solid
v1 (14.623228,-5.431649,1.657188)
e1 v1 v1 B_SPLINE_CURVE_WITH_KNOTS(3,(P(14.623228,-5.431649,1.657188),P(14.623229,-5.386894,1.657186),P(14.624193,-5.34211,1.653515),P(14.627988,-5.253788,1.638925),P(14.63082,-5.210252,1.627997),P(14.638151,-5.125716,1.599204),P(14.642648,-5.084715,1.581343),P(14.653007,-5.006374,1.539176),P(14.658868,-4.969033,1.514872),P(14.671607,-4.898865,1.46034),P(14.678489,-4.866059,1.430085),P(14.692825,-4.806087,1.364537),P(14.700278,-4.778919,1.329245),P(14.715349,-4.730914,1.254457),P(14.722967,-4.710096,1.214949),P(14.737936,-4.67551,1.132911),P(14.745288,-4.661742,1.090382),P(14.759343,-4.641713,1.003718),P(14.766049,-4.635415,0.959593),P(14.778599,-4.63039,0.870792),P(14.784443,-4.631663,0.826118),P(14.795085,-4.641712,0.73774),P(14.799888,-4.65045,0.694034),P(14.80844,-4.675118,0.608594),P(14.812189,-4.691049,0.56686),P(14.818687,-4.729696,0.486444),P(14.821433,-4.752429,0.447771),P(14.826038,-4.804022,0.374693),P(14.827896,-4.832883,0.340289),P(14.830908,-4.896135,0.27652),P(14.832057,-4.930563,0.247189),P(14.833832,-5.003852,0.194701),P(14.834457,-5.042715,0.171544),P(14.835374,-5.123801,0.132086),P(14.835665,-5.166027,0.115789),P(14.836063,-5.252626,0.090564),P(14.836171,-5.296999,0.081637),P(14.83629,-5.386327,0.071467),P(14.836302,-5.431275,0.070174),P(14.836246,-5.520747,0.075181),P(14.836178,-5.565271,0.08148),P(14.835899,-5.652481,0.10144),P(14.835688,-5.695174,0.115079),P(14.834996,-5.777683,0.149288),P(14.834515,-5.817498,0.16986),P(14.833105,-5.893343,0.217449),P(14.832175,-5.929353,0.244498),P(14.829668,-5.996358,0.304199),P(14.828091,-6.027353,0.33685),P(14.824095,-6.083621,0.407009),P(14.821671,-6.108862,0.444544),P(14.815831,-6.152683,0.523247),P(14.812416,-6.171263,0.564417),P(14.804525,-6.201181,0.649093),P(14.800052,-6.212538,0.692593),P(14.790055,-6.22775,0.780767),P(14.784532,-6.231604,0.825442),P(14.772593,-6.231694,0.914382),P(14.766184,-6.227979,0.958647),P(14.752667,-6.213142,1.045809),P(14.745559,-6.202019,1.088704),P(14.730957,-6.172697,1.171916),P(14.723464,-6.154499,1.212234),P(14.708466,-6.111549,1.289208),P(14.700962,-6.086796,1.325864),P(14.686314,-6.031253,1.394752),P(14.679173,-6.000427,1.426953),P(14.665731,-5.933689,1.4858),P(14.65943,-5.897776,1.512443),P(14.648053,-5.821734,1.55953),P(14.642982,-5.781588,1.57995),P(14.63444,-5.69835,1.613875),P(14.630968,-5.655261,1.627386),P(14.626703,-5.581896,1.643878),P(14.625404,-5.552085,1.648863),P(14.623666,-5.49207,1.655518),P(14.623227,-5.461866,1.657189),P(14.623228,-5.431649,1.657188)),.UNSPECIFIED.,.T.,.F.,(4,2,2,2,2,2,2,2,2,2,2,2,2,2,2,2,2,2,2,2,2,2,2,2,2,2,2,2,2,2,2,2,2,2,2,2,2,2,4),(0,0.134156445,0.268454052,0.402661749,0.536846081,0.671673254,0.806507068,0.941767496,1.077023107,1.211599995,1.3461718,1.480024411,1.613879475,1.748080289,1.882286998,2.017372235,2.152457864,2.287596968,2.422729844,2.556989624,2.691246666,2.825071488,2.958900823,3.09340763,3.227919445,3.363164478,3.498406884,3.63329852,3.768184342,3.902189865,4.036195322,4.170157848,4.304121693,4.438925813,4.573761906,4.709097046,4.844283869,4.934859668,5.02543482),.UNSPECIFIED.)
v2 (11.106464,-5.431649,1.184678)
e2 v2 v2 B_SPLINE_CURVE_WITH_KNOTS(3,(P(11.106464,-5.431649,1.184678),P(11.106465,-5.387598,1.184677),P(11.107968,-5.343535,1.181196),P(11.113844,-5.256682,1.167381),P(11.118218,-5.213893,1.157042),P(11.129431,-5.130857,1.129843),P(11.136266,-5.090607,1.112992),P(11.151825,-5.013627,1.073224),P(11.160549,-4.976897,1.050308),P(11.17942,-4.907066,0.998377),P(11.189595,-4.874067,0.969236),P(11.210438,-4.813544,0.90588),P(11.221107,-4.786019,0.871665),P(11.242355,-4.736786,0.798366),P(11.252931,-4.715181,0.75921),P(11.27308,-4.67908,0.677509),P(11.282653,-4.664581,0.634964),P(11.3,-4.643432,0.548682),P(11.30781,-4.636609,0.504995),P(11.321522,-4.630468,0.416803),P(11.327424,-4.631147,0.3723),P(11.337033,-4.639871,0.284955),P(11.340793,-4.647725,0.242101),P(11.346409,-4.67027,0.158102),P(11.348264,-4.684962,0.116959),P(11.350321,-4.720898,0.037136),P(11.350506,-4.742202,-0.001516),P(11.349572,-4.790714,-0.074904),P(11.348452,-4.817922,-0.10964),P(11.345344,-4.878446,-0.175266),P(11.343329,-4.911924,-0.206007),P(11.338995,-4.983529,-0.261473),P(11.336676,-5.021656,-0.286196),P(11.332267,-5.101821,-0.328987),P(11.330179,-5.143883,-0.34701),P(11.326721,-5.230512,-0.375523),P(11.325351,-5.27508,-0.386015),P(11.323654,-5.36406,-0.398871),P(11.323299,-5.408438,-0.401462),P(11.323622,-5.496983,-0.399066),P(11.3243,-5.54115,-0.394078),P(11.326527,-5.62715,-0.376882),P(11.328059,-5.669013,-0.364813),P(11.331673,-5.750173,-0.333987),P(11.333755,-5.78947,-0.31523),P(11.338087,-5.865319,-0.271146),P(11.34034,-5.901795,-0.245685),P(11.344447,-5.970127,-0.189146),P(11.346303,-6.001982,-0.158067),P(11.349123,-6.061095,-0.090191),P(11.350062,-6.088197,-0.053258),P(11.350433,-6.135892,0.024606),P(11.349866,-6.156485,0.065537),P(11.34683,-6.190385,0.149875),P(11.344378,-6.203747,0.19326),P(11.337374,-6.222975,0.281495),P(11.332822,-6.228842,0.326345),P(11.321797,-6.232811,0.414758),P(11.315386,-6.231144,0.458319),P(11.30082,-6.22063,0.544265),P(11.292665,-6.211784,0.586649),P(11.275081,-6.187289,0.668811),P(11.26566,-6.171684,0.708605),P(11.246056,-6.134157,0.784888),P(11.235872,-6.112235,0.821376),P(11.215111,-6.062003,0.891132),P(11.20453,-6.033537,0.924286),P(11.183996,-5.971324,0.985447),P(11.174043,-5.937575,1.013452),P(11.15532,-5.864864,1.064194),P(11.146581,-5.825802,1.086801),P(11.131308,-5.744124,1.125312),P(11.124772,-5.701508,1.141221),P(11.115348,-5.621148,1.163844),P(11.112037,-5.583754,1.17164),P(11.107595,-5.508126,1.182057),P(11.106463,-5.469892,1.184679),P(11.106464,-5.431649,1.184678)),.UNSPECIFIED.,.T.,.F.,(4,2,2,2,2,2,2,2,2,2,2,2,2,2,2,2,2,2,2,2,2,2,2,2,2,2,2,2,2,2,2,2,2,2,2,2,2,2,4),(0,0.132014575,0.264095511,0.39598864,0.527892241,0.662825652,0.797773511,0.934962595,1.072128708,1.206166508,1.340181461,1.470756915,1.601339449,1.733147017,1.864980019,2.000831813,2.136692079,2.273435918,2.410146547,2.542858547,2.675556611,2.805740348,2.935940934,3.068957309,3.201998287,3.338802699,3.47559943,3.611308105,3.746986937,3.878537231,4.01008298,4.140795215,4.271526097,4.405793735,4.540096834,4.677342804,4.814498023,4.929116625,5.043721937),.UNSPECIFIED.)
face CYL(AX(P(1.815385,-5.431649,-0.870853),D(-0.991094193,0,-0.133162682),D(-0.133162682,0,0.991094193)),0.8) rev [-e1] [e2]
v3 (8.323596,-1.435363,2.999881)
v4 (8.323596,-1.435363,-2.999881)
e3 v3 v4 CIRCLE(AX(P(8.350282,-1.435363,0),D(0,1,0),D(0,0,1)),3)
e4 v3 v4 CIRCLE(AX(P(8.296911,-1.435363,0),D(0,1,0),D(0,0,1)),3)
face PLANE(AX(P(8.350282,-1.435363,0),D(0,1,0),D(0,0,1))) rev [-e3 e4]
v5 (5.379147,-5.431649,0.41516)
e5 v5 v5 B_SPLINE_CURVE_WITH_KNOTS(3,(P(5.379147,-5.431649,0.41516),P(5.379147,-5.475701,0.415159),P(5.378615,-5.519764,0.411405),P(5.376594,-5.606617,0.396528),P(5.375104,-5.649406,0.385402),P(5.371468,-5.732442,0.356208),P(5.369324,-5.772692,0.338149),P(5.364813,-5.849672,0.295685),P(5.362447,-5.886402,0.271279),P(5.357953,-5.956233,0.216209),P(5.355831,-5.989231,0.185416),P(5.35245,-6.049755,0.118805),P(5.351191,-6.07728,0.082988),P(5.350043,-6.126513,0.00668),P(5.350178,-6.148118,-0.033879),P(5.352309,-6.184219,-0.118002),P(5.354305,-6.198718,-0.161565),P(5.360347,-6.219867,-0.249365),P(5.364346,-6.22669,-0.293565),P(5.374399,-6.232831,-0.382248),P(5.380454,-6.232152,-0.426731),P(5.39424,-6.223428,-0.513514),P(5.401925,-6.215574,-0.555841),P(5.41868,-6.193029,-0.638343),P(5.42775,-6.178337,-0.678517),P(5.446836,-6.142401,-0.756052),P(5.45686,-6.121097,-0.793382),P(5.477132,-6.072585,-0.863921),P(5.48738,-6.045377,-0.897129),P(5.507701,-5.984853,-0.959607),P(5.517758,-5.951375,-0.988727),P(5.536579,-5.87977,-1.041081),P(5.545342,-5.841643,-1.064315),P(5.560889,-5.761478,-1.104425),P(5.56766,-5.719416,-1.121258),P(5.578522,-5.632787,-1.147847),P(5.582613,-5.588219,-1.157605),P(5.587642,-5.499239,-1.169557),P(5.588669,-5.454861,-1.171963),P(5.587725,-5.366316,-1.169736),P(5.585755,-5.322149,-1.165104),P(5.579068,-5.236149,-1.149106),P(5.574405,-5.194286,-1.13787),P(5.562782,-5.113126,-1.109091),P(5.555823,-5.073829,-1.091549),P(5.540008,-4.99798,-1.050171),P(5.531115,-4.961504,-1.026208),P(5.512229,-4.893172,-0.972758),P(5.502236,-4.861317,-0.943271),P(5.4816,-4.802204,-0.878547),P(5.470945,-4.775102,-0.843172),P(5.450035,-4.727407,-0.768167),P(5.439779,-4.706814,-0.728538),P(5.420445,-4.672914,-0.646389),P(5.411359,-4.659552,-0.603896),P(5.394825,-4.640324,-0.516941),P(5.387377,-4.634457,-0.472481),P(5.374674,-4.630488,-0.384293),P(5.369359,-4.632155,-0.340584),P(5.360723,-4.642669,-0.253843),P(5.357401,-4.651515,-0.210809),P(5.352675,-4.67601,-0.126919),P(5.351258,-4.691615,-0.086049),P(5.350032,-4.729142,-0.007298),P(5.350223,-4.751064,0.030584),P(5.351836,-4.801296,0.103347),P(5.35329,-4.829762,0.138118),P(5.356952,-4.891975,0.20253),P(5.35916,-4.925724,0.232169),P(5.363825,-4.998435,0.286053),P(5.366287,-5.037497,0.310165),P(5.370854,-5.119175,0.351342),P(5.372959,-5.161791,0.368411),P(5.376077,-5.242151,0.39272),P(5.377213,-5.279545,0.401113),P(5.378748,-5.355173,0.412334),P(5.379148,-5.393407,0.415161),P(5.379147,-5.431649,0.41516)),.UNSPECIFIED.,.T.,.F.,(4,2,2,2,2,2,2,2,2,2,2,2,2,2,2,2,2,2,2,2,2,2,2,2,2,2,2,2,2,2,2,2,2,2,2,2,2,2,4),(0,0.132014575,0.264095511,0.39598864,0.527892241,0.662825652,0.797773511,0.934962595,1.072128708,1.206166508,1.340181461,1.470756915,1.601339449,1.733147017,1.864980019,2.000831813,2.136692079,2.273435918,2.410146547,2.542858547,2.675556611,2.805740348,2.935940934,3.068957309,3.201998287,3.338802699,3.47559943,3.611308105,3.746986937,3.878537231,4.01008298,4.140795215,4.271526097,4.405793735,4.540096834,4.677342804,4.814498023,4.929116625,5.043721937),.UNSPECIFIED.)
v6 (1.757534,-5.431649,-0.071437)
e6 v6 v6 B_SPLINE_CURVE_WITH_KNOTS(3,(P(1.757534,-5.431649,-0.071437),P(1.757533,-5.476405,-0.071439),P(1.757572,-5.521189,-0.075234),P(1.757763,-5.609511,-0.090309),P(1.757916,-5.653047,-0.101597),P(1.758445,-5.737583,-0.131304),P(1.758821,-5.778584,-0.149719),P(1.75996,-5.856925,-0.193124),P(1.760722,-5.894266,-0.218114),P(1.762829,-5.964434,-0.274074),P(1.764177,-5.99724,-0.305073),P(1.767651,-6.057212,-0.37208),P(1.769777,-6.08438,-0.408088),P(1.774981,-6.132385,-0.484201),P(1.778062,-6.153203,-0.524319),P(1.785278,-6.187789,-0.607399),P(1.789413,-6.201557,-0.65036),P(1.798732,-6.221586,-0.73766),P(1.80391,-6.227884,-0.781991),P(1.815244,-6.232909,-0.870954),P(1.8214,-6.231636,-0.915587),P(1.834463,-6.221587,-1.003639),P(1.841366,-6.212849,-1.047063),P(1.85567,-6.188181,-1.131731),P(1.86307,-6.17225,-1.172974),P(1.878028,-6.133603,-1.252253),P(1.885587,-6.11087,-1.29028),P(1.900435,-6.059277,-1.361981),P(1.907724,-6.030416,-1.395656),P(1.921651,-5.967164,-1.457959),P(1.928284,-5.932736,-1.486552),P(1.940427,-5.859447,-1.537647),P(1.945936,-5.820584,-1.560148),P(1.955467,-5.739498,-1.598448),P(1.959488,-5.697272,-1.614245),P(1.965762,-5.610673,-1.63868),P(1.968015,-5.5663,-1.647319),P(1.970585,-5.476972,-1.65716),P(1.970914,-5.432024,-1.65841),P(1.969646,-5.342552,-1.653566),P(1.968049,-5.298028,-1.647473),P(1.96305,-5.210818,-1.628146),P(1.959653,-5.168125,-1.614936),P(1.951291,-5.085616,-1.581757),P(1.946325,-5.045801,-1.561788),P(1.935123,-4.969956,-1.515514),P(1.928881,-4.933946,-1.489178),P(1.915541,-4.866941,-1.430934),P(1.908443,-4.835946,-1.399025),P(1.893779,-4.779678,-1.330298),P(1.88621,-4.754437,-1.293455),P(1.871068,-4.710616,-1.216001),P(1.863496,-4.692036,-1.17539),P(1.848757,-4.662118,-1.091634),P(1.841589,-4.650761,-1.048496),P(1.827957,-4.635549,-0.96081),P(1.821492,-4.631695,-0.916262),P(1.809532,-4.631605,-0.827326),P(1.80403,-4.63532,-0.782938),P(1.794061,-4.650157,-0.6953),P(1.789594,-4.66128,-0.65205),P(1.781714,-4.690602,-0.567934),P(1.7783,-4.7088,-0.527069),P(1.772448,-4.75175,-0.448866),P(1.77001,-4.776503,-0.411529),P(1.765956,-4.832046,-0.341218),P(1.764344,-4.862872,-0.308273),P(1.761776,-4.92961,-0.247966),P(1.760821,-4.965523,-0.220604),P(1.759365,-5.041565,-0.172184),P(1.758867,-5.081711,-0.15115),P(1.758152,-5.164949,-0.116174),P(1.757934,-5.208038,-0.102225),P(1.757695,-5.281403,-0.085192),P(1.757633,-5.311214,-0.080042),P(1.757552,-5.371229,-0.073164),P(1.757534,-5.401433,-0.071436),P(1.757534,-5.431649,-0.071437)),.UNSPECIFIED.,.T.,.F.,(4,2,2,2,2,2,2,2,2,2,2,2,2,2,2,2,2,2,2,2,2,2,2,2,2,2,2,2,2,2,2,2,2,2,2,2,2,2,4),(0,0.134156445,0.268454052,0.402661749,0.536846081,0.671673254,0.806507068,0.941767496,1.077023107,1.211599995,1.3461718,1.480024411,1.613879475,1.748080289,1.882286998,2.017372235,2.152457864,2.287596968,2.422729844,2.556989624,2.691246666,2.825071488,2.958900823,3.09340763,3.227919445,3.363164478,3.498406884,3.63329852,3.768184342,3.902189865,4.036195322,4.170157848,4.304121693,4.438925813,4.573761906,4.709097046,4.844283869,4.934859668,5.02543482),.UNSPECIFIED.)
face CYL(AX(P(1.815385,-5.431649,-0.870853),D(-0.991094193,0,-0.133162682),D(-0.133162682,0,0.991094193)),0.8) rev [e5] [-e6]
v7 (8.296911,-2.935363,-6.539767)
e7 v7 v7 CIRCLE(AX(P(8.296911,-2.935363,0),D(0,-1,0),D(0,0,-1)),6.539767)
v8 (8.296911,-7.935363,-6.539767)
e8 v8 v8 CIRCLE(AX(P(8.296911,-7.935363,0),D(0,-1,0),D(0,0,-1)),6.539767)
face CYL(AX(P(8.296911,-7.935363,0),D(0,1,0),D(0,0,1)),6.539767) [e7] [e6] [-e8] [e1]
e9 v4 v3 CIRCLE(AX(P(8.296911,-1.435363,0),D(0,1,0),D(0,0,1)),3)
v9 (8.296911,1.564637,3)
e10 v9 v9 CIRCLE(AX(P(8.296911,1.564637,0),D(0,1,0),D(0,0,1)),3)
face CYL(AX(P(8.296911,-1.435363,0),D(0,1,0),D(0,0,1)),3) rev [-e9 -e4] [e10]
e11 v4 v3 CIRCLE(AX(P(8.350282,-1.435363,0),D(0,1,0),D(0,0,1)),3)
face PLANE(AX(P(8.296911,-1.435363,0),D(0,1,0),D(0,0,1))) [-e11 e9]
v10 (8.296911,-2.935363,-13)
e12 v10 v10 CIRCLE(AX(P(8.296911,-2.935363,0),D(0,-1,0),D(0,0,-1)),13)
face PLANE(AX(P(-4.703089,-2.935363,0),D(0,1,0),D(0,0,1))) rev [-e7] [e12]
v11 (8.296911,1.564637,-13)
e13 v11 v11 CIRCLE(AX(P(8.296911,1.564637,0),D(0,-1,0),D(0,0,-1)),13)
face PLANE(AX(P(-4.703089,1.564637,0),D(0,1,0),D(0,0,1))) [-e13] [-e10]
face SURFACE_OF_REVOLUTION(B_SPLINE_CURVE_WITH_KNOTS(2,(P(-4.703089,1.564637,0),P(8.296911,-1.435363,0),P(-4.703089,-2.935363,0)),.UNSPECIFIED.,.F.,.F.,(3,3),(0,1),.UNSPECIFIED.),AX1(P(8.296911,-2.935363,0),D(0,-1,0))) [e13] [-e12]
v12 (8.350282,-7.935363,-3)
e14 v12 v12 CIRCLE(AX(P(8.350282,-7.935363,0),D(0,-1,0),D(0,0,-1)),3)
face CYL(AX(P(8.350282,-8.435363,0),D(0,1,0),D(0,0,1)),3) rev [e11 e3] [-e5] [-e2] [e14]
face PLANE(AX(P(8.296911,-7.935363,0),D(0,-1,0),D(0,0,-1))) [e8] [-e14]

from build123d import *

# Parameters (mm, degrees)
SKETCH117_R           = 3
CUT_EXTRUDE4_DEPTH    = 3
SKETCH122_R           = 6.539767279
BOSS_EXTRUDE1_DEPTH   = 5
M2X0_4_TAPPED_HOLE1_D = 1.6
SKETCH125_R           = 3
CUT_EXTRUDE5_DEPTH    = 7


with BuildPart() as part:
    # Sketch9 → Revolve1 (revolve)
    with BuildSketch(Plane.XY):
        with BuildLine():
            Line((-4.703089141, -2.935363462), (8.296910859, -2.935363462))
            Line((8.296910859, -2.935363462), (8.296910859, 1.564636538))
            Line((8.296910859, 1.564636538), (-4.703089141, 1.564636538))
            add(Edge.make_bspline(
                [(-4.703089141, 1.564636538), (8.296910859, -1.435363462), (-4.703089141, -2.935363462)],
                knots=[0, 0, 0, 1, 1, 1], degree=2))
        make_face()
    revolve(axis=Axis((8.296910859, -2.935363462, 0), (0, 1, 0)))

    # Sketch117 → Cut-Extrude4 (cut)
    with BuildSketch(Plane(origin=(0, 1.564636538, 0), x_dir=(1, 0, 0), z_dir=(0, 1, 0))):
        with Locations((8.29691086, 0)):
            Circle(SKETCH117_R)
    extrude(amount=-CUT_EXTRUDE4_DEPTH, mode=Mode.SUBTRACT)

    # Sketch122 → Boss-Extrude1 (add)
    with BuildSketch(Plane(origin=(0, -2.935363462, 0), x_dir=(-1, 0, 0), z_dir=(0, -1, 0))):
        with Locations((-8.29691086, 0)):
            Circle(SKETCH122_R)
    extrude(amount=BOSS_EXTRUDE1_DEPTH)

    # M2x0.4 Tapped Hole1 (through all)
    with Locations(Plane(origin=(1.815385484, -5.431649491, -0.870852953), x_dir=(0.133162682, 0, -0.991094193), z_dir=(-0.991094193, 0, -0.133162682))):
        with Locations((0, 0)):
            Hole(M2X0_4_TAPPED_HOLE1_D / 2)

    # Sketch125 → Cut-Extrude5 (cut)
    with BuildSketch(Plane(origin=(0, -1.435363462, 0), x_dir=(1, 0, 0), z_dir=(0, 1, 0))):
        with Locations((8.350281981, 0)):
            Circle(SKETCH125_R)
    extrude(amount=-CUT_EXTRUDE5_DEPTH, mode=Mode.SUBTRACT)


solid = part.part
